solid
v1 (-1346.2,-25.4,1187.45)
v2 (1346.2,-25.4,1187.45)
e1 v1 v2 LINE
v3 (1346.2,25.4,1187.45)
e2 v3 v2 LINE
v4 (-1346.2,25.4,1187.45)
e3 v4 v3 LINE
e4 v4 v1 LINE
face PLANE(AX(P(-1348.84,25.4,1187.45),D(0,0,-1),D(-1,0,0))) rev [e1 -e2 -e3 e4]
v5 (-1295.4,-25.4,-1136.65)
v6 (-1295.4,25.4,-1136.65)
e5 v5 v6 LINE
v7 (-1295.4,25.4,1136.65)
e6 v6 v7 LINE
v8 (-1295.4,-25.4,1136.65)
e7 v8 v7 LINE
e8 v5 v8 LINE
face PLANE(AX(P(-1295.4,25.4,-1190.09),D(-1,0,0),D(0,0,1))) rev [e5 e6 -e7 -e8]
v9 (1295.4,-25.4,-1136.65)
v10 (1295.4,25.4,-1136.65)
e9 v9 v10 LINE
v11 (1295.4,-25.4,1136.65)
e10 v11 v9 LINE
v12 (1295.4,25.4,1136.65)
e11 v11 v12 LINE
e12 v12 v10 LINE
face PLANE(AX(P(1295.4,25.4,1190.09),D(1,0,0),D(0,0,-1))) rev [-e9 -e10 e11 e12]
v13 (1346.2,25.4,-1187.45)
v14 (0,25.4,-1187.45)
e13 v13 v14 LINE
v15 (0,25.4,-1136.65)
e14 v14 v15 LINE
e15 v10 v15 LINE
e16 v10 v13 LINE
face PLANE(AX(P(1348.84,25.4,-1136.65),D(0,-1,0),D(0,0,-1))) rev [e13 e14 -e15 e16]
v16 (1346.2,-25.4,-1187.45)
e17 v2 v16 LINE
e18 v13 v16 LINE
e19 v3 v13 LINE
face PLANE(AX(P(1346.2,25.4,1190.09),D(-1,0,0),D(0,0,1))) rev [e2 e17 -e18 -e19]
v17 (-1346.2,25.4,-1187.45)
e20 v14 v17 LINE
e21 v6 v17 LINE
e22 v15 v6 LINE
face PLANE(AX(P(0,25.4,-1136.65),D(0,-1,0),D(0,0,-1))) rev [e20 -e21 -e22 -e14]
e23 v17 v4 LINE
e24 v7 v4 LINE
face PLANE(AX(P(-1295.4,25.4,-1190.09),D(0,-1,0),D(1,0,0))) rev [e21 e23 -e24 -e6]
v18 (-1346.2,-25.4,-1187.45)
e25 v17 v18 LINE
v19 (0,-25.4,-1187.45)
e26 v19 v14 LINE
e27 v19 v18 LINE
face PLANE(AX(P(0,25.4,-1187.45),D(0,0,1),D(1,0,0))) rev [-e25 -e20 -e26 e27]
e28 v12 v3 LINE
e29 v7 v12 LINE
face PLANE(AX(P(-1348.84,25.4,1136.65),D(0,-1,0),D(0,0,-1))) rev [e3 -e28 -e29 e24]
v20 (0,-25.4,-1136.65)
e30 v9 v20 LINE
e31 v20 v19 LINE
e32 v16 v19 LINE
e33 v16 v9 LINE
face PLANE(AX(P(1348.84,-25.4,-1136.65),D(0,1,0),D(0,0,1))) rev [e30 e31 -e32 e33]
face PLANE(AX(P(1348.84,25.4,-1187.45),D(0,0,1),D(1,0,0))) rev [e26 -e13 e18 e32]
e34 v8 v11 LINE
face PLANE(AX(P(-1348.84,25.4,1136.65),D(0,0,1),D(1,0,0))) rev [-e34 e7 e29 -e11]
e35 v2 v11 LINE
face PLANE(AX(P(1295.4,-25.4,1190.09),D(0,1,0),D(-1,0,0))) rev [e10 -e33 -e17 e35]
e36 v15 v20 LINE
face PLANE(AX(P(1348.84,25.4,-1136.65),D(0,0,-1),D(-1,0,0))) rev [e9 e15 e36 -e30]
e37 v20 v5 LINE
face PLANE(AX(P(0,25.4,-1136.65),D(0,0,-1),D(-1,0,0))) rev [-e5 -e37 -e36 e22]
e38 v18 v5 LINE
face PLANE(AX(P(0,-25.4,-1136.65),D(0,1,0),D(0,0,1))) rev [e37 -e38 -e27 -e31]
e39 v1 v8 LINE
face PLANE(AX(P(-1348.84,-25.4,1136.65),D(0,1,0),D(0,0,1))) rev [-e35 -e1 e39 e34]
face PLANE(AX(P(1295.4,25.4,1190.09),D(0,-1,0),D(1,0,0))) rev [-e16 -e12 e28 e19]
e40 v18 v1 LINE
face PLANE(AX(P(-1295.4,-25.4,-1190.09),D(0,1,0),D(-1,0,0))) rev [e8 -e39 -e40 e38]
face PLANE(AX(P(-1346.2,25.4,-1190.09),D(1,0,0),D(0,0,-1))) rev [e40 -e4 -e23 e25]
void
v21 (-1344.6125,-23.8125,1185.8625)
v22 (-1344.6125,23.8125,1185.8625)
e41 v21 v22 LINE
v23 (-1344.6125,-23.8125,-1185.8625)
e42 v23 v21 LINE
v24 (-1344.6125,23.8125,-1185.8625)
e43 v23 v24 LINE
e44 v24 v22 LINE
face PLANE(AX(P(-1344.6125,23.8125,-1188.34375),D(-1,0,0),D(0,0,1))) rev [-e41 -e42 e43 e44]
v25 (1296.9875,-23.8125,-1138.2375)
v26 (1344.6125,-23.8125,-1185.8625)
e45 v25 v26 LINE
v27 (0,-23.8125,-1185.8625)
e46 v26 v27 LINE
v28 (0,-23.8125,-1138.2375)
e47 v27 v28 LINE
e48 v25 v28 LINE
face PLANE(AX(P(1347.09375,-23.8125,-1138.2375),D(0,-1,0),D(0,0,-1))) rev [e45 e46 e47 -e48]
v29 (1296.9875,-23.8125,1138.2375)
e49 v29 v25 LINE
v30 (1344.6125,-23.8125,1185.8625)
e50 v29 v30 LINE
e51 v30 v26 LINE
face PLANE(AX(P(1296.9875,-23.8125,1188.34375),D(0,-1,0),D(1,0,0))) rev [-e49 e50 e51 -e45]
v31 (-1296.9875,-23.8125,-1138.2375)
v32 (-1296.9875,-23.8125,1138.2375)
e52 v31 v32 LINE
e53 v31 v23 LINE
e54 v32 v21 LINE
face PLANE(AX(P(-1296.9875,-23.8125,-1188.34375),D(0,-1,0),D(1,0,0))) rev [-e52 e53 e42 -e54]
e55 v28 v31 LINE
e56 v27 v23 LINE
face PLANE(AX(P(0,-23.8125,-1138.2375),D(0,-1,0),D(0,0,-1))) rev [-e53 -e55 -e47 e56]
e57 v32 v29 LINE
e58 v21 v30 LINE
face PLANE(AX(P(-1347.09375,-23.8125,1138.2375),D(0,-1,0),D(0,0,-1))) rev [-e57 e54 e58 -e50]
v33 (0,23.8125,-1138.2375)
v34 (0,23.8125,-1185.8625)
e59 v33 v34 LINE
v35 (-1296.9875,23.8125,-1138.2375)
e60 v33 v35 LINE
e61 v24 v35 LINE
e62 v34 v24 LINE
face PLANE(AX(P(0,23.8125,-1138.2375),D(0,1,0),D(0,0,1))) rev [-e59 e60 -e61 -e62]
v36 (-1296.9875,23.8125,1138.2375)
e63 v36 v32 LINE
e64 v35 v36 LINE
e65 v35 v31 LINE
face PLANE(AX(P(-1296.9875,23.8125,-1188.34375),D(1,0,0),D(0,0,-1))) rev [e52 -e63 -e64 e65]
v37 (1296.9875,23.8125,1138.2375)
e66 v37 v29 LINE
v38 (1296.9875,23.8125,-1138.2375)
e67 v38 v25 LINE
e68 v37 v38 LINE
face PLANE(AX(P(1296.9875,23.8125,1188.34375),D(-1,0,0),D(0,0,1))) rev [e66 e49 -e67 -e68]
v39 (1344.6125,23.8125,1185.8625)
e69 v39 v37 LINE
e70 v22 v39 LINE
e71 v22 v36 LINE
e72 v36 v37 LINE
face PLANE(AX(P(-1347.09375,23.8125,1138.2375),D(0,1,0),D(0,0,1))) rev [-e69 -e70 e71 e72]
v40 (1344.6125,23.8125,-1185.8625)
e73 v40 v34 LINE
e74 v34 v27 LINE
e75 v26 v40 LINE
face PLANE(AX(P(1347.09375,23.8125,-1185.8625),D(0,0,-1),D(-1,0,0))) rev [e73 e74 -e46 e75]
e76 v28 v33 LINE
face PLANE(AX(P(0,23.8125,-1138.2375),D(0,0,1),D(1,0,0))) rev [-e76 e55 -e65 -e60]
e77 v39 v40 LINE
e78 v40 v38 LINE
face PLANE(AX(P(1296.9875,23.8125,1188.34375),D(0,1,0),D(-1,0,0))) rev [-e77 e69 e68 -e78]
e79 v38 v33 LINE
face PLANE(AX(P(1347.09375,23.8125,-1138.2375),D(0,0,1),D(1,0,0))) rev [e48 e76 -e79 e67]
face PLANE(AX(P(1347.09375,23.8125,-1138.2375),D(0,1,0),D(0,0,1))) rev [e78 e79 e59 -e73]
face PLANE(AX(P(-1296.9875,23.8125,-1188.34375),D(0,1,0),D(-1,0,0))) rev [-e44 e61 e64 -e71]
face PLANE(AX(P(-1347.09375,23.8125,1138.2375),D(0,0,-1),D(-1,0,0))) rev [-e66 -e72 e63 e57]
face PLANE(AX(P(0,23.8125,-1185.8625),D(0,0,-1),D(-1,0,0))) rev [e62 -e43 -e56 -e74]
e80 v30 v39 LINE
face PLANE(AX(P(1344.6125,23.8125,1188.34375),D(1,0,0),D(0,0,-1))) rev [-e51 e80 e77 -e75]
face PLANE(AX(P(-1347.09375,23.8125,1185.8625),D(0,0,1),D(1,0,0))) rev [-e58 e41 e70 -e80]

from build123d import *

# Parameters (mm, degrees)
SKETCH1_W   = 50.8
SKETCH1_H   = 50.8
SKETCH1_W_2 = 47.625
SKETCH1_H_2 = 47.625


with BuildPart() as part:
    # Sweep1: sweep along a path in Sketch2
    with BuildLine(Plane(origin=(0, 0, 0), x_dir=(1, 0, 0), z_dir=(0, 1, 0))) as sweep1_path:
        Line((1320.8, -1162.05), (-1320.8, -1162.05))
        Line((-1320.8, -1162.05), (-1320.8, 1162.05))
        Line((-1320.8, 1162.05), (1320.8, 1162.05))
        Line((1320.8, 1162.05), (1320.8, -1162.05))
    # Sketch1 → Sweep1 (sweep)
    with BuildSketch(Plane(origin=(0, 0, 0), x_dir=(0, 0, -1), z_dir=(1, 0, 0))):
        with Locations((1162.05, 0)):
            Rectangle(SKETCH1_W, SKETCH1_H)
        with Locations((1162.05, 0)):
            Rectangle(SKETCH1_W_2, SKETCH1_H_2, mode=Mode.SUBTRACT)
    sweep(path=sweep1_path.line, transition=Transition.RIGHT)


solid = part.part
